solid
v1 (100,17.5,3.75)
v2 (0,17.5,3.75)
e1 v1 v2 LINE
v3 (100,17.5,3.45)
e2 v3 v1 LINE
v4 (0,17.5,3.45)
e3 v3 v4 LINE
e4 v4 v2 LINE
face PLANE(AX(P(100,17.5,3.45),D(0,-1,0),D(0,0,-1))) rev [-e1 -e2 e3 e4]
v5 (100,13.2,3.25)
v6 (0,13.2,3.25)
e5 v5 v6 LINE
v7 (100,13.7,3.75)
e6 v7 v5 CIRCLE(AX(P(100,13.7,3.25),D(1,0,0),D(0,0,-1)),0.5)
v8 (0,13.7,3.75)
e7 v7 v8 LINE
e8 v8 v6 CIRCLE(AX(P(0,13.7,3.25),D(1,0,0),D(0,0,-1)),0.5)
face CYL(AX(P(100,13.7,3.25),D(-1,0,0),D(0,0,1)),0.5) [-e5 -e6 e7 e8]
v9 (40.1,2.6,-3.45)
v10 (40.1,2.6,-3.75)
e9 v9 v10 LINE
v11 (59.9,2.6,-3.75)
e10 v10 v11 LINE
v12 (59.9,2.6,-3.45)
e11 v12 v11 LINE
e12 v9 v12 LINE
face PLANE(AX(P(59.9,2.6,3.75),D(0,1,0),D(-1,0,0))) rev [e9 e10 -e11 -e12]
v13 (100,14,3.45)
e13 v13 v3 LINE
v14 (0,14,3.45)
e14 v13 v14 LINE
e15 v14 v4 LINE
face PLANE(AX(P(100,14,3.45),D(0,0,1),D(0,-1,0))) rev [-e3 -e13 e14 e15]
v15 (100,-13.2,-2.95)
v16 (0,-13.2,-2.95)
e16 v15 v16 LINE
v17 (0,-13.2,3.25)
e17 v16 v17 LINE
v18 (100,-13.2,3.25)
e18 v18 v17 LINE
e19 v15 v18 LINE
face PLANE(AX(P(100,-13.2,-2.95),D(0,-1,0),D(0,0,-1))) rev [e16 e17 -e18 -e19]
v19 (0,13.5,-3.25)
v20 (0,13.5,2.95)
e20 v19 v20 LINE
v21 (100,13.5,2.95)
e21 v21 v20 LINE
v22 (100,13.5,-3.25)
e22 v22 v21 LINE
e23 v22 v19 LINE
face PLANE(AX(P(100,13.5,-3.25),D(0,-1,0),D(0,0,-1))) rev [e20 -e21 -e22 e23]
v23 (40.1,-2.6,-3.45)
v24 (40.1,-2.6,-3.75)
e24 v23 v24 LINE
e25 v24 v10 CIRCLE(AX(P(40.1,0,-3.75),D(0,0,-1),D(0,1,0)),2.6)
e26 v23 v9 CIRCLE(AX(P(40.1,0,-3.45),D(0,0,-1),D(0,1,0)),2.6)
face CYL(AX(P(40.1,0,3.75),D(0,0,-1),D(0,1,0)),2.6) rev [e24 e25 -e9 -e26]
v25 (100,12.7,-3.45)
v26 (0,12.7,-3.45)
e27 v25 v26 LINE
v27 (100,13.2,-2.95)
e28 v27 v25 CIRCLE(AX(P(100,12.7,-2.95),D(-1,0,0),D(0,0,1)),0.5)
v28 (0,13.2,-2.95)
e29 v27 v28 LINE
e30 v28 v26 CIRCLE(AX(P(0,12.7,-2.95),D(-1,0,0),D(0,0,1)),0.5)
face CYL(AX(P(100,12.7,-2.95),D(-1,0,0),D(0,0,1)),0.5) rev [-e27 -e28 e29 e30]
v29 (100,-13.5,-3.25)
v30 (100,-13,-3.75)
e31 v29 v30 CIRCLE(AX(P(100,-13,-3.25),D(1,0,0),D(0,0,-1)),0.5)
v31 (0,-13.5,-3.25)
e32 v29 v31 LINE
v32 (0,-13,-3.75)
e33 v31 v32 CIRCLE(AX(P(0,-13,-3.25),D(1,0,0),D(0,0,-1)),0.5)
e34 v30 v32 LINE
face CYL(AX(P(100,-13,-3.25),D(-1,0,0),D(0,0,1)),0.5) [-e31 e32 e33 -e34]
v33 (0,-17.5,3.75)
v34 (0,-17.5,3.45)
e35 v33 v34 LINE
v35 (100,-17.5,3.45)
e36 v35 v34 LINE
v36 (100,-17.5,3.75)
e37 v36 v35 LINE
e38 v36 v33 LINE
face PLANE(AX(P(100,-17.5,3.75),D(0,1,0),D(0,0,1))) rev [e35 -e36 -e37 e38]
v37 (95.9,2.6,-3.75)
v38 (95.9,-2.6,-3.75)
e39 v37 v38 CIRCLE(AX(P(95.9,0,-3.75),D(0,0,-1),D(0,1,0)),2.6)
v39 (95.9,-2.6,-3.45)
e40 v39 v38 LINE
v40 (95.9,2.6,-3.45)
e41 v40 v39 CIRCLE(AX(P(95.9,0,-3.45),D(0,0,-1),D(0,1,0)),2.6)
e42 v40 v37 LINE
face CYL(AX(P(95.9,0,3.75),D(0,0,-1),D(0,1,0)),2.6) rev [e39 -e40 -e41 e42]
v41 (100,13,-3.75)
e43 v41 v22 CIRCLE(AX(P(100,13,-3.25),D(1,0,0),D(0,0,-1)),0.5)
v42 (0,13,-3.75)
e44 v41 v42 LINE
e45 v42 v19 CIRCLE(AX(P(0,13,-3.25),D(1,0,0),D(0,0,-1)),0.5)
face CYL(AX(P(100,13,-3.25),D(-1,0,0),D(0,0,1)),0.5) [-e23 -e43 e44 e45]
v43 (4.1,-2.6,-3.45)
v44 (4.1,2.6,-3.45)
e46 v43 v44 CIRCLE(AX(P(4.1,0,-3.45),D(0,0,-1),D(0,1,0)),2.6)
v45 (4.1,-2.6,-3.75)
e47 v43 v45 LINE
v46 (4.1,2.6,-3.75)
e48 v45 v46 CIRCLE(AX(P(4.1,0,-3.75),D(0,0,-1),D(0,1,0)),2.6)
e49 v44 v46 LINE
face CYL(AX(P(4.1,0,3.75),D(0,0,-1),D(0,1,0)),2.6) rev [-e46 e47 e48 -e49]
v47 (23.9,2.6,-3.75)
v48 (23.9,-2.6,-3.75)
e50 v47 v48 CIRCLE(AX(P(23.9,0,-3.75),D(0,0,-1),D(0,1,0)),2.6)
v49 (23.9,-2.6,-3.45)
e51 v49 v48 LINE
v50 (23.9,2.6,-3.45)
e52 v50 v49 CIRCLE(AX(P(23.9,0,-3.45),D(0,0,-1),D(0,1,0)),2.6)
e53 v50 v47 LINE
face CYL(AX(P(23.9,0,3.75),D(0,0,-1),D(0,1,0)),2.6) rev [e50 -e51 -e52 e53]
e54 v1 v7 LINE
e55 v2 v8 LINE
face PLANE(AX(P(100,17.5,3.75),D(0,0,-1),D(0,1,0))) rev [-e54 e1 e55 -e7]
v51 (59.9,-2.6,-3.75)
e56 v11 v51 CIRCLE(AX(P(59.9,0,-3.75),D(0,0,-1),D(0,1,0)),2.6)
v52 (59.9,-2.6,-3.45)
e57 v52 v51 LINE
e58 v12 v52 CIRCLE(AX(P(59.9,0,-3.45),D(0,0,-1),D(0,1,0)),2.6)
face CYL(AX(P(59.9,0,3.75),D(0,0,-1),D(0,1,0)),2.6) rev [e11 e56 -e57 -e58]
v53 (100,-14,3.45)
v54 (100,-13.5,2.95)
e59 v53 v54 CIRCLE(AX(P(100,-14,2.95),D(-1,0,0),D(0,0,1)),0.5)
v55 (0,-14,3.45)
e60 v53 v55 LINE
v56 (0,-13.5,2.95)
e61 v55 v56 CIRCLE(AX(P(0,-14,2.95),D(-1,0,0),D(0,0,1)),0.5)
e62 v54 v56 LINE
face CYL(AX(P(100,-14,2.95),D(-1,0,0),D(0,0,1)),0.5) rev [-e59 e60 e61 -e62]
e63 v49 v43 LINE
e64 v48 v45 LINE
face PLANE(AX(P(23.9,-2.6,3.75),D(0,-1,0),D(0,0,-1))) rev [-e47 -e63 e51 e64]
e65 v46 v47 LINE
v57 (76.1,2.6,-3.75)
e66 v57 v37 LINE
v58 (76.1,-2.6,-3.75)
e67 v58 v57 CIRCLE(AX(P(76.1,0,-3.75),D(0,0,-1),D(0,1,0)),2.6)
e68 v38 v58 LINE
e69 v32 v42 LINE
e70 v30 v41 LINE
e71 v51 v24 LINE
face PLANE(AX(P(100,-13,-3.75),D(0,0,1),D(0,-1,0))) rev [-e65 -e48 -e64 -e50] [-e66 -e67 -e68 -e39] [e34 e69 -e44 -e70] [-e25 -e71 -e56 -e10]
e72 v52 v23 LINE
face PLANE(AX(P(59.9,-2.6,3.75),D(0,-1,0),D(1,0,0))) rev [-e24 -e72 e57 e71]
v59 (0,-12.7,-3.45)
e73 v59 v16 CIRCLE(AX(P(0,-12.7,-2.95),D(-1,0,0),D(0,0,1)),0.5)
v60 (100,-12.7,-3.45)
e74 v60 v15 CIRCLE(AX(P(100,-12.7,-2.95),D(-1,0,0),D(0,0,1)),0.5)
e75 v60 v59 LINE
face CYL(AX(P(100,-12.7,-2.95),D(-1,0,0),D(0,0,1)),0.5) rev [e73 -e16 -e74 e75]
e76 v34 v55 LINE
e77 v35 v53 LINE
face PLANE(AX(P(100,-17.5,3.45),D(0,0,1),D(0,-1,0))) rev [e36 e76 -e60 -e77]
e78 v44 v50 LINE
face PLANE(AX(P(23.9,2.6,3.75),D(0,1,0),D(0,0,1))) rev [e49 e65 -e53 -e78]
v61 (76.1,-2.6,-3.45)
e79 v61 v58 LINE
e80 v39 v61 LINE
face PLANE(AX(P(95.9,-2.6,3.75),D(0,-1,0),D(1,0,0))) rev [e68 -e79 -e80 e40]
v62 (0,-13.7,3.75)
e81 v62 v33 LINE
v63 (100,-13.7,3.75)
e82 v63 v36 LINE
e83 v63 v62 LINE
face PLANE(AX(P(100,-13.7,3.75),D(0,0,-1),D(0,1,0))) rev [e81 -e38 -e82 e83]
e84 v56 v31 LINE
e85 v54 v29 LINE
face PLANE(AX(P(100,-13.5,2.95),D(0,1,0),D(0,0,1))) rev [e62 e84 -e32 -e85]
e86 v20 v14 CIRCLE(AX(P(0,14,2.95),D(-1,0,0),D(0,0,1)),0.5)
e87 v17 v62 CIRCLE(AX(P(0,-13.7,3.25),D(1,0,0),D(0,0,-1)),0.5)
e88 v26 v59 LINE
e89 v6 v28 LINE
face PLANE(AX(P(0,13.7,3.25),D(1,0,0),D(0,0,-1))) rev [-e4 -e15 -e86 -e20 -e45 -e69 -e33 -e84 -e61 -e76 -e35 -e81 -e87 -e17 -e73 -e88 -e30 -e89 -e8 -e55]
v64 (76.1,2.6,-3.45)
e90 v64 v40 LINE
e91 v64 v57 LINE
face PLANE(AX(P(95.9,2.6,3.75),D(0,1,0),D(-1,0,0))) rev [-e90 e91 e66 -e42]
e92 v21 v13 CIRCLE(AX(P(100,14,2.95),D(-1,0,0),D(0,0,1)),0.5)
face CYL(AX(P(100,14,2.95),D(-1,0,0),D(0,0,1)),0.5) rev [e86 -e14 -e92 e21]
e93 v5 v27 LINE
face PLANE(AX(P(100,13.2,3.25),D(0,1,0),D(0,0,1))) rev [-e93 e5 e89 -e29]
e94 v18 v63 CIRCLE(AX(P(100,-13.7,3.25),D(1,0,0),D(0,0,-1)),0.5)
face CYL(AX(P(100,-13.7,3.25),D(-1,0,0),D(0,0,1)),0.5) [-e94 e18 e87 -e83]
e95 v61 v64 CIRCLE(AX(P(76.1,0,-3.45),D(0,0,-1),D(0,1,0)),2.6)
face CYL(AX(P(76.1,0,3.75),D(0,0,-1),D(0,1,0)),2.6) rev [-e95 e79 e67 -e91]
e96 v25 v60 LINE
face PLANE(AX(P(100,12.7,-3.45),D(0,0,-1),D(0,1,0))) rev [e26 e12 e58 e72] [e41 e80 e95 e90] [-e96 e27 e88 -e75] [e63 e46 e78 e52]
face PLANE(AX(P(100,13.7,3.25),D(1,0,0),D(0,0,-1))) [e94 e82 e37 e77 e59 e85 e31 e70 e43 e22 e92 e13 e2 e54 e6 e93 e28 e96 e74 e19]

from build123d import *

# Parameters (mm, degrees)
AUFSATZ_LINEAR_AUSTRAGEN1_DEPTH = 100
SCHNITT_LINEAR_AUSTRAGEN1_DEPTH = 102.796365358


with BuildPart() as part:
    # Skizze1 → Aufsatz-Linear austragen1 (new body)
    with BuildSketch(Plane(origin=(0, 0, 0), x_dir=(0, 0, -1), z_dir=(1, 0, 0))):
        with BuildLine():
            Line((-3.75, 17.5), (-3.75, 13.7))
            ThreePointArc((-3.75, 13.7), (-3.603553391, 13.346446609), (-3.25, 13.2))
            Line((-3.25, 13.2), (2.95, 13.2))
            ThreePointArc((2.95, 13.2), (3.303553391, 13.053553391), (3.45, 12.7))
            Line((3.45, 12.7), (3.45, -12.7))
            ThreePointArc((3.45, -12.7), (3.303553391, -13.053553391), (2.95, -13.2))
            Line((2.95, -13.2), (-3.25, -13.2))
            ThreePointArc((-3.25, -13.2), (-3.603553391, -13.346446609), (-3.75, -13.7))
            Line((-3.75, -13.7), (-3.75, -17.5))
            Line((-3.75, -17.5), (-3.45, -17.5))
            Line((-3.45, -17.5), (-3.45, -14))
            ThreePointArc((-3.45, -14), (-3.303553391, -13.646446609), (-2.95, -13.5))
            Line((-2.95, -13.5), (3.25, -13.5))
            ThreePointArc((3.25, -13.5), (3.603553391, -13.353553391), (3.75, -13))
            Line((3.75, -13), (3.75, 13))
            ThreePointArc((3.75, 13), (3.603553391, 13.353553391), (3.25, 13.5))
            Line((3.25, 13.5), (-2.95, 13.5))
            ThreePointArc((-2.95, 13.5), (-3.303553391, 13.646446609), (-3.45, 14))
            Line((-3.45, 14), (-3.45, 17.5))
            Line((-3.45, 17.5), (-3.75, 17.5))
        make_face()
    extrude(amount=AUFSATZ_LINEAR_AUSTRAGEN1_DEPTH)

    # Skizze2 → Schnitt-Linear austragen1 (cut, through all)
    with BuildSketch(Plane(origin=(0, 0, -3.75), x_dir=(-1, 0, 0), z_dir=(0, 0, -1))):
        with BuildLine():
            Line((-95.9, 2.6), (-76.1, 2.6))
            ThreePointArc((-76.1, 2.6), (-73.5, 0), (-76.1, -2.6))
            Line((-76.1, -2.6), (-95.9, -2.6))
            ThreePointArc((-95.9, -2.6), (-98.5, 0), (-95.9, 2.6))
        make_face()
        with BuildLine():
            Line((-59.9, 2.6), (-40.1, 2.6))
            ThreePointArc((-40.1, 2.6), (-37.5, 0), (-40.1, -2.6))
            Line((-40.1, -2.6), (-59.9, -2.6))
            ThreePointArc((-59.9, -2.6), (-62.5, 0), (-59.9, 2.6))
        make_face()
        with BuildLine():
            Line((-23.9, 2.6), (-4.1, 2.6))
            ThreePointArc((-4.1, 2.6), (-1.5, 0), (-4.1, -2.6))
            Line((-4.1, -2.6), (-23.9, -2.6))
            ThreePointArc((-23.9, -2.6), (-26.5, 0), (-23.9, 2.6))
        make_face()
    extrude(amount=-SCHNITT_LINEAR_AUSTRAGEN1_DEPTH, mode=Mode.SUBTRACT)


solid = part.part
